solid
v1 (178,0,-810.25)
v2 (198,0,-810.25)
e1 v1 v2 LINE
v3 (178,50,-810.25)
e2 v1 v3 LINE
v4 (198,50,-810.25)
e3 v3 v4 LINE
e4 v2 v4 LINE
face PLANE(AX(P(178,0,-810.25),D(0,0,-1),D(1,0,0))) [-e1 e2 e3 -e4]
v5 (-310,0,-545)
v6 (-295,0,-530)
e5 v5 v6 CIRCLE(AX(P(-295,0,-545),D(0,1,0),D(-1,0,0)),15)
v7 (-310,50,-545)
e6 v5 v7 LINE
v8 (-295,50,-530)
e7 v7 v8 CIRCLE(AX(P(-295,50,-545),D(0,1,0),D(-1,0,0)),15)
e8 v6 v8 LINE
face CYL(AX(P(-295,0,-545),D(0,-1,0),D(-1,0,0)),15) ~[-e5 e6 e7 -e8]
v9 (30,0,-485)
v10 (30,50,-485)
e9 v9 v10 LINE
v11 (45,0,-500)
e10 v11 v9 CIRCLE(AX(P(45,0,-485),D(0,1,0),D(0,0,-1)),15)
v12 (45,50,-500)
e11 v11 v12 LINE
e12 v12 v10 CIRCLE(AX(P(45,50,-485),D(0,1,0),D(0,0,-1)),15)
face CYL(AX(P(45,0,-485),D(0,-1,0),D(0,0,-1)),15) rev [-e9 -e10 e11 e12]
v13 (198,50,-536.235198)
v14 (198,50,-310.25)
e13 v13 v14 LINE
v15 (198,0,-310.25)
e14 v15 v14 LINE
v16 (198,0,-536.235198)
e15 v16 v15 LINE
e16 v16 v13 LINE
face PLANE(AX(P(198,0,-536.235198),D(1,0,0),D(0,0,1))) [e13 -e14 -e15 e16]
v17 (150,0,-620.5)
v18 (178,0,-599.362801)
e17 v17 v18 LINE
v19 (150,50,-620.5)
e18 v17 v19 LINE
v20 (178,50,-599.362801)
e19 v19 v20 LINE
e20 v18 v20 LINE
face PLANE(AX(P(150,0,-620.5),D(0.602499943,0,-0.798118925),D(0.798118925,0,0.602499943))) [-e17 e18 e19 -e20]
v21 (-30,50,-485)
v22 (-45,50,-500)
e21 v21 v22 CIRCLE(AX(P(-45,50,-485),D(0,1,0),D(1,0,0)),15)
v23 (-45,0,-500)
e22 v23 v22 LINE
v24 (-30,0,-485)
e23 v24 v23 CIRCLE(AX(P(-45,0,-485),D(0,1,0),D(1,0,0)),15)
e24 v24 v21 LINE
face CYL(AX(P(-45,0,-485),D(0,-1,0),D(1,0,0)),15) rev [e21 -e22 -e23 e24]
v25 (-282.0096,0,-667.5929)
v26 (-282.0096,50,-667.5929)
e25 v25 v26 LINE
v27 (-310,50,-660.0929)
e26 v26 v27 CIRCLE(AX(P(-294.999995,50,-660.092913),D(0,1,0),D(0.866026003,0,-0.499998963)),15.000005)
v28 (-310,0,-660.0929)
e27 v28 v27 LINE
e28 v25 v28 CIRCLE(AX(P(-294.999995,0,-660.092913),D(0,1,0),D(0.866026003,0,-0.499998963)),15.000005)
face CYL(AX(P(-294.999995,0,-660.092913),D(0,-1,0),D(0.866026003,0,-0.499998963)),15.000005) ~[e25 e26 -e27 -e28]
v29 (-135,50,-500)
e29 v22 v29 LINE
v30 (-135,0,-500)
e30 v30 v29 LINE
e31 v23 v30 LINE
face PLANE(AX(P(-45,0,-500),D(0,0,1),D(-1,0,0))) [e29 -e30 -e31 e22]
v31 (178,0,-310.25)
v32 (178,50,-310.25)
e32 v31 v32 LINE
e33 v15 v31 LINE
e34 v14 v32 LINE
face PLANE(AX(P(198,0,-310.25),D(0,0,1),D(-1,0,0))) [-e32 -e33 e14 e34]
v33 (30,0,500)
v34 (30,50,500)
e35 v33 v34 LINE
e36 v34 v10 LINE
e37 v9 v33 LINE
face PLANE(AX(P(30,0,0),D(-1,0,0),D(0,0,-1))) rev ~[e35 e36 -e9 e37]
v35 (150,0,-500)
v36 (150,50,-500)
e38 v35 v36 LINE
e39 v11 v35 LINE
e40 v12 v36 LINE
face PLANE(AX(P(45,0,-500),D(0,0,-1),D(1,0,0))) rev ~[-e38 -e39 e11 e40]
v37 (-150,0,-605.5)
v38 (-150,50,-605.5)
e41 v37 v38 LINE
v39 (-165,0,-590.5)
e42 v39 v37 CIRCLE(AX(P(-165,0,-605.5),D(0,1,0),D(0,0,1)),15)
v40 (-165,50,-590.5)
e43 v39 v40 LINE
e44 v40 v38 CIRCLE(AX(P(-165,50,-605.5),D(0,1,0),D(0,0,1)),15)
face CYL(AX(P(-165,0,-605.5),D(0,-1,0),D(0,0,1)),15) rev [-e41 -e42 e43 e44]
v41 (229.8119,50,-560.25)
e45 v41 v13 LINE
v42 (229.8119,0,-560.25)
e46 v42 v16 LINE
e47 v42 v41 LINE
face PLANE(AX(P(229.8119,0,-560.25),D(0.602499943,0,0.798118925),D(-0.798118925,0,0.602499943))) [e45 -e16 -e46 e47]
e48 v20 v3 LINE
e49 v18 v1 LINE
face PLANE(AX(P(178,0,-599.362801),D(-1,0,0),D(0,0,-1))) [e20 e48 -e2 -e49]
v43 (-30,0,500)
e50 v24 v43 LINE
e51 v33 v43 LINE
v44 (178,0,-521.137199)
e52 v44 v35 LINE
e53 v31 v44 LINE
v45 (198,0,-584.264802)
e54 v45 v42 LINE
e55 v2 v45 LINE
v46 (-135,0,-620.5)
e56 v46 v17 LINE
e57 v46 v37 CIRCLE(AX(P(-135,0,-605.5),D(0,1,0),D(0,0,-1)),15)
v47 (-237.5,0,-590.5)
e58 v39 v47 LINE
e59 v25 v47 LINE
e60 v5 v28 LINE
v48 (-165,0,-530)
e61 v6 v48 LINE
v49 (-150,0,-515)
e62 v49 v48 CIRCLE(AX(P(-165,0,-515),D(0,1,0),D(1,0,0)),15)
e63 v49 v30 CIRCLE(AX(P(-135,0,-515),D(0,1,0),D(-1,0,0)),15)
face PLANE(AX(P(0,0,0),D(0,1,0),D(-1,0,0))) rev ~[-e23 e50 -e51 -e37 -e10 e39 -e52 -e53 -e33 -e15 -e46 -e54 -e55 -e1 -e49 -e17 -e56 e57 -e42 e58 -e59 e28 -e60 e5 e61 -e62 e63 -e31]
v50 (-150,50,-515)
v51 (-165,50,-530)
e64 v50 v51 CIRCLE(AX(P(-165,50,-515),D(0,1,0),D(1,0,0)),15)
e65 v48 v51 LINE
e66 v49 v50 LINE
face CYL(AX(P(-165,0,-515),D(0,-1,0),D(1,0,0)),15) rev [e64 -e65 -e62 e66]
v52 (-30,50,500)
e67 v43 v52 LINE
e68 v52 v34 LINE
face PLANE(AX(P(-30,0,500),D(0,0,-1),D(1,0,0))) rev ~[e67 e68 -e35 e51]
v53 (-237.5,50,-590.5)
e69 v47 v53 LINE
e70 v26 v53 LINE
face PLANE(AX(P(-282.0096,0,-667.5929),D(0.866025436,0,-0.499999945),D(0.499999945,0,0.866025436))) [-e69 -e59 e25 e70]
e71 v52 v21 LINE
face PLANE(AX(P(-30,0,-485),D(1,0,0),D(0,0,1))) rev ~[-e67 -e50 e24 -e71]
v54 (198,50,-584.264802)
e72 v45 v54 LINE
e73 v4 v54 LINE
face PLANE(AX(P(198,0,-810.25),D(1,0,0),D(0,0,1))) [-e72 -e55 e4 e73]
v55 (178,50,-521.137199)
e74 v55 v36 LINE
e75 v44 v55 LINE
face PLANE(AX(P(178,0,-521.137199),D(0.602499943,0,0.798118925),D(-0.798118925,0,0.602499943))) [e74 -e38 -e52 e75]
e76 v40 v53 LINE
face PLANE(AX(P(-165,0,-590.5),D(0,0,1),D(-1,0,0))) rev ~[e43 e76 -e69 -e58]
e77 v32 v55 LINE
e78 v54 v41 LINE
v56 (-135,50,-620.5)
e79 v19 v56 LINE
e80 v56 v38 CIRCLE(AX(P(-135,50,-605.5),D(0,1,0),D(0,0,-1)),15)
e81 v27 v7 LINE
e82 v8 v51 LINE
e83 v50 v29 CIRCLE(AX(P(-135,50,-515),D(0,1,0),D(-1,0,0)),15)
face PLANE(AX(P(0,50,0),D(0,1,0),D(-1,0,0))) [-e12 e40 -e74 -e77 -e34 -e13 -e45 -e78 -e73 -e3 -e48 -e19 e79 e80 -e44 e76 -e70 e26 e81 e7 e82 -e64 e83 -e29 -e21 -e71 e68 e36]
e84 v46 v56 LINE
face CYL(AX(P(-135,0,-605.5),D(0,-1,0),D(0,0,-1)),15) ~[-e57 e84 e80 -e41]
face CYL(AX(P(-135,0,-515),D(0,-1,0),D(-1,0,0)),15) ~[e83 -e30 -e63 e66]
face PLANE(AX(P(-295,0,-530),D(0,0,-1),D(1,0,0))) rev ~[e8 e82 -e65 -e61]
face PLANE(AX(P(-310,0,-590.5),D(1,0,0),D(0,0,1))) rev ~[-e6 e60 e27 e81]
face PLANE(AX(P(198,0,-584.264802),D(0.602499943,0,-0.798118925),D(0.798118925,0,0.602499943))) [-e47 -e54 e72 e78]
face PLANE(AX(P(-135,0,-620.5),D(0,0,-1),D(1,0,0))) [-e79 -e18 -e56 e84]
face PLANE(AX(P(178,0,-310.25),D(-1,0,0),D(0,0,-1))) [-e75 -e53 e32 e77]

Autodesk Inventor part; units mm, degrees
ref_plane "YZ Plane" through (0, 0, 0) normal (1, 0, 0) x (0, 1, 0)
ref_plane "XZ Plane" through (0, 0, 0) normal (0, 1, 0) x (-1, 0, 0)
ref_plane "XY Plane" through (0, 0, 0) normal (0, 0, 1) x (1, 0, 0)
sketch "Náčrt1" plane through (0, 0, 0) normal (0, 1, 0) x (-1, 0, 0)
  line L0 (30, -485) -> (30, 500)
  line L1 (30, 500) -> (-30, 500)
  line L2 (-30, 500) -> (-30, -485)
  line L3 (-338.3956, 0) -> (421.6903, 0) projected
  line L4 (0, -1072.3) -> (0, 762.05) projected
  line L5 (45, -500) -> (135, -500)
  line L6 (150, -605.5) -> (150, -605.5)
  line L7 (135, -620.5) -> (-150, -620.5)
  line L8 (-150, -620.5) -> (-150, -500)
  line L9 (-178, -810.25) -> (-198, -810.25)
  line L10 (-198, -810.25) -> (-198, -310.25)
  line L11 (-198, -310.25) -> (-178, -310.25)
  line L12 (-178, -310.25) -> (-178, -810.25)
  line L13 (-150, -620.5) -> (-229.8119, -560.25)
  line L14 (-229.8119, -560.25) -> (-150, -500)
  line L15 (165, -590.5) -> (310, -590.5)
  line L16 (310, -590.5) -> (310, -545)
  line L17 (295, -530) -> (165, -530)
  line L18 (310, -590.5) -> (310, -660.0929)
  line L19 (282.0096, -667.5929) -> (237.5, -590.5)
  arc A0 (135, -620.5) -> (150, -605.5) centre (135, -605.5) ccw
  arc A1 (165, -590.5) -> (150, -605.5) centre (165, -605.5) ccw
  line L20 (150, -515) -> (150, -515)
  arc A2 (150, -515) -> (135, -500) centre (135, -515) ccw
  arc A3 (150, -515) -> (165, -530) centre (165, -515) ccw
  arc A4 (310, -545) -> (295, -530) centre (295, -545) ccw
  arc A5 (30, -485) -> (45, -500) centre (45, -485) ccw
  line L21 (-45, -500) -> (-150, -500)
  arc A6 (-45, -500) -> (-30, -485) centre (-45, -485) ccw
  line L22 (45, -500) -> (-45, -500)
  arc A7 (282.0096, -667.5929) -> (310, -660.0929) centre (295, -660.0929) ccw
  point P0 (0, 0)
  point P1 (150, -620.5)
  point P2 (150, -500)
  point P3 (310, -530)
  point P4 (150, -530)
  point P5 (-178, -521.1372)
  point P6 (-198, -536.2352)
  point P7 (-198, -584.2648)
  point P8 (-178, -599.3628)
  dimension "d0" = 60
  dimension "d2" = 300
  dimension "d3" = 120.5
  dimension "d4" = 20
  dimension "d5" = 500
  dimension "d7" = 189.75
  dimension "d9" = 100
  dimension "d11" = 100
  dimension "d12" = 178
  dimension "d13" = 160
  dimension "d14" = 30
  dimension "d15" = 30
  dimension "d16" = 30
  dimension "d17" = 15
  dimension "d18" = 15
  dimension "d19" = 15
  dimension "d20" = 15
  dimension "d21" = 15
  dimension "d22" = 1000
  dimension "d23" = 15
extrude "Vysunutí1" add sketch "Náčrt1" along normal blind 50
properties part number "Náčrt"
